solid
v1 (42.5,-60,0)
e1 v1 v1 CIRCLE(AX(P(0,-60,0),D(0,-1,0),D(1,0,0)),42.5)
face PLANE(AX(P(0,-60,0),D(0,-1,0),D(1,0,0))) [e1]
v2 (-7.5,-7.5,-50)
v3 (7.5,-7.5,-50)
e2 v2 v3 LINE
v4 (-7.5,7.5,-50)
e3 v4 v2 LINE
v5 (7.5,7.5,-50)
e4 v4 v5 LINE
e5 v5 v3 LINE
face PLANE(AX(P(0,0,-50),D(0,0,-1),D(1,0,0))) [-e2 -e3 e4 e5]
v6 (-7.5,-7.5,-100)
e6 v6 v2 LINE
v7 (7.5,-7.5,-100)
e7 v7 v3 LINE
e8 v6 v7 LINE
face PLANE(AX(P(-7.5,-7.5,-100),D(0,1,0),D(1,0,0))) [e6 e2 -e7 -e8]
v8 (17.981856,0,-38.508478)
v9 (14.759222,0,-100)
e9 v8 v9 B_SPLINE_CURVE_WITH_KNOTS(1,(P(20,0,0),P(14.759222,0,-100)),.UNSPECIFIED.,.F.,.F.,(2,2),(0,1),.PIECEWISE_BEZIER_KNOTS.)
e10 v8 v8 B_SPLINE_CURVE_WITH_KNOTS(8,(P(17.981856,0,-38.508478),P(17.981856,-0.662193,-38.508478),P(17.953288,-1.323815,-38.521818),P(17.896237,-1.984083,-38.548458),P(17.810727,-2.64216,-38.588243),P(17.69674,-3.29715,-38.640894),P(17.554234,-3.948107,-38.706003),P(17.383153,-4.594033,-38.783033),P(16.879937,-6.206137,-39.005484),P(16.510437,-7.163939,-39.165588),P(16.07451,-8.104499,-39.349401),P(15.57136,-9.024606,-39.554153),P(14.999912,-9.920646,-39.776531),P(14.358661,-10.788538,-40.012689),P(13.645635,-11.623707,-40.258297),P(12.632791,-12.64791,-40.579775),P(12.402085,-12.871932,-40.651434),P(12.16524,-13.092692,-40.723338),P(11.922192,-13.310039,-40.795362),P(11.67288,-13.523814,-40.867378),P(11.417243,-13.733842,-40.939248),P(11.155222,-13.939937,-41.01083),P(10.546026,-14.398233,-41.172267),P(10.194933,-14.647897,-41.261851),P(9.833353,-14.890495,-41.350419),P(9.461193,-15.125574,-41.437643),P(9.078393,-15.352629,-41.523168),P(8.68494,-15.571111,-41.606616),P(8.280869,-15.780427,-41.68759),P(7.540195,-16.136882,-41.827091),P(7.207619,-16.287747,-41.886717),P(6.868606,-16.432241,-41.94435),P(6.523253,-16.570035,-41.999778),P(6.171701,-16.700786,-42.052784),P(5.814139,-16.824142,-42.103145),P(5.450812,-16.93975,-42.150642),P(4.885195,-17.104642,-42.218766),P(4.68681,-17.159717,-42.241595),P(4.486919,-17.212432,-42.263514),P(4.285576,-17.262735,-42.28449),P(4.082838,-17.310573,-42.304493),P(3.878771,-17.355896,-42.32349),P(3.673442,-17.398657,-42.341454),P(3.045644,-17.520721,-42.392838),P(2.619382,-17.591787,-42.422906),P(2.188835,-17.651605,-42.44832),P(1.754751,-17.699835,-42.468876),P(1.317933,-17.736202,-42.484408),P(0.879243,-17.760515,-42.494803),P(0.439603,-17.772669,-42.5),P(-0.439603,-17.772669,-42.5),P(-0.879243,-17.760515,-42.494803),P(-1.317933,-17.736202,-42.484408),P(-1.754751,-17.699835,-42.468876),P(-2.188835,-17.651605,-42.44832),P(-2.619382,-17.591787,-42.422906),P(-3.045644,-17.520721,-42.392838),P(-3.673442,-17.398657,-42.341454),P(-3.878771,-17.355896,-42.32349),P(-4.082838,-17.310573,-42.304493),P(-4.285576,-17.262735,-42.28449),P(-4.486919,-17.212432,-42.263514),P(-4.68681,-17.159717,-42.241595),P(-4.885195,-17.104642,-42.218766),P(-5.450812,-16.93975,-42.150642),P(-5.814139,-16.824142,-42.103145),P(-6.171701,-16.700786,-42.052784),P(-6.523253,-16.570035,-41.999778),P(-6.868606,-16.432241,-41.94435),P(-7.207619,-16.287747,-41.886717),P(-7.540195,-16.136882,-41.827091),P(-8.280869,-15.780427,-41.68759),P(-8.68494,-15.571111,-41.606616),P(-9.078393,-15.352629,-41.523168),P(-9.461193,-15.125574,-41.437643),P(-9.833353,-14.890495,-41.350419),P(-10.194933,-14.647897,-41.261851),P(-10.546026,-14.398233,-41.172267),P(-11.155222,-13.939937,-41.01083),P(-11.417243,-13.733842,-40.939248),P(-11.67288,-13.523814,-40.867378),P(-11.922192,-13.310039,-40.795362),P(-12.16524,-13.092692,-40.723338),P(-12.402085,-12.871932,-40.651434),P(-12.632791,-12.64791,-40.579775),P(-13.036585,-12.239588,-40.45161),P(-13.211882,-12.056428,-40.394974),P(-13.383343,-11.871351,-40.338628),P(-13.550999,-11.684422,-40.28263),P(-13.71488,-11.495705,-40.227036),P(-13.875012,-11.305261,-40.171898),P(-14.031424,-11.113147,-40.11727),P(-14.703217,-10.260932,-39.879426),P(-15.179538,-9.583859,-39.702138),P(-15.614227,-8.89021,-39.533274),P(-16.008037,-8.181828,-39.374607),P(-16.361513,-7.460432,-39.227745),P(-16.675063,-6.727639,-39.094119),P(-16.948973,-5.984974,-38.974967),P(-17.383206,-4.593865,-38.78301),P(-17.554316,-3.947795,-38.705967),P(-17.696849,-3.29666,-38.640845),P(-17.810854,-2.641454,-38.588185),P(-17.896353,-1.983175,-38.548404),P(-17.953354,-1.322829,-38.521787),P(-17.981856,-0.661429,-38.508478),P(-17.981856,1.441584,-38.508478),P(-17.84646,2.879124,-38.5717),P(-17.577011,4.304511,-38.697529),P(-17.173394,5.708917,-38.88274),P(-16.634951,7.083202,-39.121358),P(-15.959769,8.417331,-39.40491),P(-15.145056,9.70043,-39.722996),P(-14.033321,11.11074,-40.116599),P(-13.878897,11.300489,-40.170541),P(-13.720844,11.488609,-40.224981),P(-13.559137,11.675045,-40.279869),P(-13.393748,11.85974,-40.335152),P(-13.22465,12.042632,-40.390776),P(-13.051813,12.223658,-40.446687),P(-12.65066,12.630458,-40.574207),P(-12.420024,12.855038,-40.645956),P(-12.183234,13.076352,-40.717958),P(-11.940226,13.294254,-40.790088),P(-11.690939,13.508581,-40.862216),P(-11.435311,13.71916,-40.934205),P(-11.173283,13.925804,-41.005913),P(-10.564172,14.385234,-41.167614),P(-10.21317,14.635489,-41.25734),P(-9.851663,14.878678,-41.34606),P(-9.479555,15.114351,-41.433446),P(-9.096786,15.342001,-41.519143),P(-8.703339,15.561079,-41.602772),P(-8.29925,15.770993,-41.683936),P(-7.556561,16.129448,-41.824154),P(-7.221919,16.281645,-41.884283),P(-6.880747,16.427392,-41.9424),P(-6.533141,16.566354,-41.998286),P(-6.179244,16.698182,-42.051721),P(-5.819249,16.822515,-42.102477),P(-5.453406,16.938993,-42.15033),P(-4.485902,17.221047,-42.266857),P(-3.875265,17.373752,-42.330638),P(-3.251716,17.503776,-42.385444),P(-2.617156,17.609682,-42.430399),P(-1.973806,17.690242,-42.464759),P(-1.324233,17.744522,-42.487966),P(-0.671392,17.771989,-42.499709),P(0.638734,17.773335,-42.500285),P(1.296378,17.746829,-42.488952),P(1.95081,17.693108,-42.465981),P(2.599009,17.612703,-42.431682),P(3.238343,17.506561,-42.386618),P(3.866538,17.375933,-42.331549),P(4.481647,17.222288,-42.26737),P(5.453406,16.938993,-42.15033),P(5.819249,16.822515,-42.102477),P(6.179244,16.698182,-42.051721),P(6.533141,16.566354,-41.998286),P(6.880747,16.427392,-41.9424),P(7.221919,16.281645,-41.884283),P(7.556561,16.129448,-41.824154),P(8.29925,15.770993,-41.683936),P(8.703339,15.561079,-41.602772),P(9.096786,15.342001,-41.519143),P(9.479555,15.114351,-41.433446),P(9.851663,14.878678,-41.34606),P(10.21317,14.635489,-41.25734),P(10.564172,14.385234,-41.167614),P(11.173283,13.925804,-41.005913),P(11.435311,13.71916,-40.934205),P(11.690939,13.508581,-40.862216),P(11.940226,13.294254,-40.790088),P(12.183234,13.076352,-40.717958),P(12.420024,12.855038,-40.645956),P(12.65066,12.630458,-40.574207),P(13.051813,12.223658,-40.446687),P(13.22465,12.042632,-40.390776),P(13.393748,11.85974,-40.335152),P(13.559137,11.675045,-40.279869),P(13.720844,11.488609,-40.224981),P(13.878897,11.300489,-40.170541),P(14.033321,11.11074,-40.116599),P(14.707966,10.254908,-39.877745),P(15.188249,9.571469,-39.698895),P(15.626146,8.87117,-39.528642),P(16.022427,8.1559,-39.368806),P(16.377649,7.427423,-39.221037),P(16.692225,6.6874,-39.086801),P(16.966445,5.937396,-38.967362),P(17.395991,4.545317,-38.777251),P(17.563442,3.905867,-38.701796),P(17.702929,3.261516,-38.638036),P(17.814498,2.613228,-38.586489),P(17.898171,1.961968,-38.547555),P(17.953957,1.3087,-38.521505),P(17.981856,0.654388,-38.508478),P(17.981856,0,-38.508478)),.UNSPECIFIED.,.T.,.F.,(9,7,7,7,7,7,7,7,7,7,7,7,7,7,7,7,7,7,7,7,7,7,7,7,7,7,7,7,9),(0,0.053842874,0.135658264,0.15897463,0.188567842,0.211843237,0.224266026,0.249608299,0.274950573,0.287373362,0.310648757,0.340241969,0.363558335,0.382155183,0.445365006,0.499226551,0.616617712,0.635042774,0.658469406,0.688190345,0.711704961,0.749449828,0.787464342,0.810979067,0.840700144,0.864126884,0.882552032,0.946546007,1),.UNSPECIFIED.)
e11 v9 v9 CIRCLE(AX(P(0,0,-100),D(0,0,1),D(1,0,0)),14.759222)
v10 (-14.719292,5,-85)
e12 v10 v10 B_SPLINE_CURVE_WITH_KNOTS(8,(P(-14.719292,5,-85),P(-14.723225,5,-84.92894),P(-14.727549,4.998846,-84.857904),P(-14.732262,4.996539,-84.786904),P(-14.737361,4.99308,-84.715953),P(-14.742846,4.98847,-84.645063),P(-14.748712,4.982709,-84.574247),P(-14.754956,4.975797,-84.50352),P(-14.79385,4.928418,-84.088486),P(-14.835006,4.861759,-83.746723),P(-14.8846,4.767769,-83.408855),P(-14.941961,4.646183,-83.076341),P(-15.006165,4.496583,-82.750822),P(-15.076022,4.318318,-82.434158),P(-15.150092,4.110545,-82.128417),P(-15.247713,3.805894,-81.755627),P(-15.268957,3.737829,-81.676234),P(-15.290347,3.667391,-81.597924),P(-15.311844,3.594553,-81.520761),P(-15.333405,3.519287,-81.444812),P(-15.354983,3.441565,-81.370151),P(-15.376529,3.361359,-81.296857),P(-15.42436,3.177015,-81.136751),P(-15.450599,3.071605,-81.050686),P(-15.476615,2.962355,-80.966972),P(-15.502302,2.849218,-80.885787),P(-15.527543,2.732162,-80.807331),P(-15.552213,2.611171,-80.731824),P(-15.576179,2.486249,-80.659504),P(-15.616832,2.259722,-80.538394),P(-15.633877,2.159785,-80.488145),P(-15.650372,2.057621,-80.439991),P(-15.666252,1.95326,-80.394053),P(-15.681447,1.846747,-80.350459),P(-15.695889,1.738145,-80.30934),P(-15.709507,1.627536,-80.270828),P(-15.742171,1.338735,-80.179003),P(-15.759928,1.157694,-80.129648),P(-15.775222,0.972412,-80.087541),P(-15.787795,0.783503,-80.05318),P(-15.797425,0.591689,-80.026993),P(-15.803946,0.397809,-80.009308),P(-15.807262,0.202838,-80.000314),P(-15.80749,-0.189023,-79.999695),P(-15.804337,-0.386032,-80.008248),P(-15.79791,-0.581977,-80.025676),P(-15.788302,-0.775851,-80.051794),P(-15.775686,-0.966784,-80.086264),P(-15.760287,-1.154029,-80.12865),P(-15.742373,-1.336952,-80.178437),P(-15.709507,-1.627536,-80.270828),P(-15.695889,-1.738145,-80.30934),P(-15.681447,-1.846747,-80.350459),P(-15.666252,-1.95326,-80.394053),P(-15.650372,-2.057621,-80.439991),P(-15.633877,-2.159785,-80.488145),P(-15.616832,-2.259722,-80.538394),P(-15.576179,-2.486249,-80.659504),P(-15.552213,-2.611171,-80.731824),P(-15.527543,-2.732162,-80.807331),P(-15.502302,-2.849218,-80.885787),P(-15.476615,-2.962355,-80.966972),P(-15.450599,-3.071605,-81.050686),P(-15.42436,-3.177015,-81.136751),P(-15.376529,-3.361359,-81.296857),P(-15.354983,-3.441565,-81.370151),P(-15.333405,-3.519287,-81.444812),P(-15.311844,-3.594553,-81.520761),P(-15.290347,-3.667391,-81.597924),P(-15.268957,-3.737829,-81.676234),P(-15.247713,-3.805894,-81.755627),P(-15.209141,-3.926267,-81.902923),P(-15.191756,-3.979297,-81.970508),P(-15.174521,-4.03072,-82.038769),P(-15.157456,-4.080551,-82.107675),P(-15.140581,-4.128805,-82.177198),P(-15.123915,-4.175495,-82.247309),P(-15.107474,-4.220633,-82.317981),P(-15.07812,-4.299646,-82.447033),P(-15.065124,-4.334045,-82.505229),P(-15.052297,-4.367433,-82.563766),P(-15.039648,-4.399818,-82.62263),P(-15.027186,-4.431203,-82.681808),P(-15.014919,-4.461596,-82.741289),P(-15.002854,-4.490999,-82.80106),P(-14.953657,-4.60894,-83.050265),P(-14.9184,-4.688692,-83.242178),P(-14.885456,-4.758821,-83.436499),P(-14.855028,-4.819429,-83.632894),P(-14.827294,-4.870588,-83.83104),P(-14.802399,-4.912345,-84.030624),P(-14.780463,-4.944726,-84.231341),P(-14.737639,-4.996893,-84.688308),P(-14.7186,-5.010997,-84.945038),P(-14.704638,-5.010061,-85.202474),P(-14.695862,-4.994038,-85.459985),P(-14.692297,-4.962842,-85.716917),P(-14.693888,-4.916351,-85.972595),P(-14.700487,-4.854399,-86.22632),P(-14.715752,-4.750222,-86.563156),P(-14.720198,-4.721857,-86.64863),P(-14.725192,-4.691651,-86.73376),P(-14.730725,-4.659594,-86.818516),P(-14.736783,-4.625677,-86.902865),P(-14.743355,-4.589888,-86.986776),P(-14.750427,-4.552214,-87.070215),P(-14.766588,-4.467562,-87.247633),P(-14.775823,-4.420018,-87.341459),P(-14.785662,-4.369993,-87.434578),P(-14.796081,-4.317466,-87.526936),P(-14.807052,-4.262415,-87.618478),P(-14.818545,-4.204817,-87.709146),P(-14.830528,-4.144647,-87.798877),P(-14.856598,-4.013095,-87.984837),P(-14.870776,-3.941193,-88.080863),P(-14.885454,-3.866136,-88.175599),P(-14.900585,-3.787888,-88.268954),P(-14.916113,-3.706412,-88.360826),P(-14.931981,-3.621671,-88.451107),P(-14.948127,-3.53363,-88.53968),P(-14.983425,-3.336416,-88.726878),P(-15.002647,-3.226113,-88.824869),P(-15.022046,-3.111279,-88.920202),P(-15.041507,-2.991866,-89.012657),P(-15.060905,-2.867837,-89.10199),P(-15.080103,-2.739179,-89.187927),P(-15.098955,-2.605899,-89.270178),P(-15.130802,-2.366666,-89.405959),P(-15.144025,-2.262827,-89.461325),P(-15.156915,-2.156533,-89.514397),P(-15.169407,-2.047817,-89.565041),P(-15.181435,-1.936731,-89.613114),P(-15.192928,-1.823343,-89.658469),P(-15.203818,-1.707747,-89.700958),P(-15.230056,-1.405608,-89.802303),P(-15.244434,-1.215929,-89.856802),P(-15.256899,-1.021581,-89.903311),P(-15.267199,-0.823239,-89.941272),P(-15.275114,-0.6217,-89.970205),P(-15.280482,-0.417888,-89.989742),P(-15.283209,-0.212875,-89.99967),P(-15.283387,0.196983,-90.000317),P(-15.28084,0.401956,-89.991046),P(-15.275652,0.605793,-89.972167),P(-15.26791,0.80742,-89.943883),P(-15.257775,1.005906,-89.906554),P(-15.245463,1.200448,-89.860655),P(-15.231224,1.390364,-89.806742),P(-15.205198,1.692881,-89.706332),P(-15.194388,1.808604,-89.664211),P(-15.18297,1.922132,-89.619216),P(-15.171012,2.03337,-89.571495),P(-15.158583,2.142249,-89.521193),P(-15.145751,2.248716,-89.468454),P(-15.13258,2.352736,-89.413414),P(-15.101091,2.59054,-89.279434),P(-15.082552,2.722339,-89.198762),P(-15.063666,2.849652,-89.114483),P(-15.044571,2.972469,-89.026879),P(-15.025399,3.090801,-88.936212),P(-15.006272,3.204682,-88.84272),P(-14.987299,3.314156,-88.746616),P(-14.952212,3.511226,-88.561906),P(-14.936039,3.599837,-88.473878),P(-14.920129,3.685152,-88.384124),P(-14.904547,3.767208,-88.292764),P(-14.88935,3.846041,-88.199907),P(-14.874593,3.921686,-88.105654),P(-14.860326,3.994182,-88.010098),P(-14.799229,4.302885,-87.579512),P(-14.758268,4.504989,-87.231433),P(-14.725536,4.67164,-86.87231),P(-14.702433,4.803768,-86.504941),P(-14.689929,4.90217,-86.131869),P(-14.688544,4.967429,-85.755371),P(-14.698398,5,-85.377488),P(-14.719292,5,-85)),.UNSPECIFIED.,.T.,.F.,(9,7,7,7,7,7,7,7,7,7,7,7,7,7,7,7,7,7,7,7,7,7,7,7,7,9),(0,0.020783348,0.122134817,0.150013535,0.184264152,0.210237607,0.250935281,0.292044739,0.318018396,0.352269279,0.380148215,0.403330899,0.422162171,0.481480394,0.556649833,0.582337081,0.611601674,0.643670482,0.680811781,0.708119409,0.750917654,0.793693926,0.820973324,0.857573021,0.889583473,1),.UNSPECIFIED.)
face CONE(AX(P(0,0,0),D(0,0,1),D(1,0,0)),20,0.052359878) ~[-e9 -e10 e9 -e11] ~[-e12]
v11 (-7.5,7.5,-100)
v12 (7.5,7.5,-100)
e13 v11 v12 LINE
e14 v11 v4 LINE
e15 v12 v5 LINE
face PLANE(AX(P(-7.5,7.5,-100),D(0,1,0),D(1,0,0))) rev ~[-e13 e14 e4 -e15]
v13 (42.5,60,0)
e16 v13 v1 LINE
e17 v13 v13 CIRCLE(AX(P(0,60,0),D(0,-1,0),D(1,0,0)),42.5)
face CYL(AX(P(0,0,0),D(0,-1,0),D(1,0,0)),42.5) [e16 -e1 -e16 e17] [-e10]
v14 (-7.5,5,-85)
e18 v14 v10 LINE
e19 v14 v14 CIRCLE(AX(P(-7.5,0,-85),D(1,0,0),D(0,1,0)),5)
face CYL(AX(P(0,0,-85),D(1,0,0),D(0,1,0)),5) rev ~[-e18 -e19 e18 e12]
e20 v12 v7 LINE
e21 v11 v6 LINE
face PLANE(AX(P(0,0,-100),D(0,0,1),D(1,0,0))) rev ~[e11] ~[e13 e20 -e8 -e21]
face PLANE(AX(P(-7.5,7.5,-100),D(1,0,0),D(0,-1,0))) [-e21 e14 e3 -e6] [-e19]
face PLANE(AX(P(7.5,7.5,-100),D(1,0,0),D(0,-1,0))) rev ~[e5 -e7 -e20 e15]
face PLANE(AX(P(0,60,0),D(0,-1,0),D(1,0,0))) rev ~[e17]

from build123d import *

# Parameters (mm, degrees)
F0_R     = 42.5
F1_DEPTH = 60
F2_R     = 20
F3_DEPTH = 100
F3_TAPER = 3
F4_W     = 15
F4_H     = 15
F5_DEPTH = 50
F6_R     = 5
F7_DEPTH = 50


with BuildPart() as f1:
    # F0 (on Front) → F1 (new body, symmetric)
    with BuildSketch(Plane.XZ):
        Circle(F0_R)
    extrude(amount=F1_DEPTH, both=True)

    # F2 (on Top) → F3 (join)
    with BuildSketch(Plane.XY):
        Circle(F2_R)
    extrude(amount=-F3_DEPTH, taper=F3_TAPER)

    # F4 (on face) → F5 (cut)
    with BuildSketch(Plane(origin=(0, 0, -100), x_dir=(1, 0, 0), z_dir=(0, 0, -1))):
        Rectangle(F4_W, F4_H)
    extrude(amount=-F5_DEPTH, mode=Mode.SUBTRACT)

    # F6 (on Right) → F7 (cut)
    with BuildSketch(Plane.YZ):
        with Locations((0, -85)):
            Circle(F6_R)
    extrude(amount=-F7_DEPTH, mode=Mode.SUBTRACT)


solid = f1.part
